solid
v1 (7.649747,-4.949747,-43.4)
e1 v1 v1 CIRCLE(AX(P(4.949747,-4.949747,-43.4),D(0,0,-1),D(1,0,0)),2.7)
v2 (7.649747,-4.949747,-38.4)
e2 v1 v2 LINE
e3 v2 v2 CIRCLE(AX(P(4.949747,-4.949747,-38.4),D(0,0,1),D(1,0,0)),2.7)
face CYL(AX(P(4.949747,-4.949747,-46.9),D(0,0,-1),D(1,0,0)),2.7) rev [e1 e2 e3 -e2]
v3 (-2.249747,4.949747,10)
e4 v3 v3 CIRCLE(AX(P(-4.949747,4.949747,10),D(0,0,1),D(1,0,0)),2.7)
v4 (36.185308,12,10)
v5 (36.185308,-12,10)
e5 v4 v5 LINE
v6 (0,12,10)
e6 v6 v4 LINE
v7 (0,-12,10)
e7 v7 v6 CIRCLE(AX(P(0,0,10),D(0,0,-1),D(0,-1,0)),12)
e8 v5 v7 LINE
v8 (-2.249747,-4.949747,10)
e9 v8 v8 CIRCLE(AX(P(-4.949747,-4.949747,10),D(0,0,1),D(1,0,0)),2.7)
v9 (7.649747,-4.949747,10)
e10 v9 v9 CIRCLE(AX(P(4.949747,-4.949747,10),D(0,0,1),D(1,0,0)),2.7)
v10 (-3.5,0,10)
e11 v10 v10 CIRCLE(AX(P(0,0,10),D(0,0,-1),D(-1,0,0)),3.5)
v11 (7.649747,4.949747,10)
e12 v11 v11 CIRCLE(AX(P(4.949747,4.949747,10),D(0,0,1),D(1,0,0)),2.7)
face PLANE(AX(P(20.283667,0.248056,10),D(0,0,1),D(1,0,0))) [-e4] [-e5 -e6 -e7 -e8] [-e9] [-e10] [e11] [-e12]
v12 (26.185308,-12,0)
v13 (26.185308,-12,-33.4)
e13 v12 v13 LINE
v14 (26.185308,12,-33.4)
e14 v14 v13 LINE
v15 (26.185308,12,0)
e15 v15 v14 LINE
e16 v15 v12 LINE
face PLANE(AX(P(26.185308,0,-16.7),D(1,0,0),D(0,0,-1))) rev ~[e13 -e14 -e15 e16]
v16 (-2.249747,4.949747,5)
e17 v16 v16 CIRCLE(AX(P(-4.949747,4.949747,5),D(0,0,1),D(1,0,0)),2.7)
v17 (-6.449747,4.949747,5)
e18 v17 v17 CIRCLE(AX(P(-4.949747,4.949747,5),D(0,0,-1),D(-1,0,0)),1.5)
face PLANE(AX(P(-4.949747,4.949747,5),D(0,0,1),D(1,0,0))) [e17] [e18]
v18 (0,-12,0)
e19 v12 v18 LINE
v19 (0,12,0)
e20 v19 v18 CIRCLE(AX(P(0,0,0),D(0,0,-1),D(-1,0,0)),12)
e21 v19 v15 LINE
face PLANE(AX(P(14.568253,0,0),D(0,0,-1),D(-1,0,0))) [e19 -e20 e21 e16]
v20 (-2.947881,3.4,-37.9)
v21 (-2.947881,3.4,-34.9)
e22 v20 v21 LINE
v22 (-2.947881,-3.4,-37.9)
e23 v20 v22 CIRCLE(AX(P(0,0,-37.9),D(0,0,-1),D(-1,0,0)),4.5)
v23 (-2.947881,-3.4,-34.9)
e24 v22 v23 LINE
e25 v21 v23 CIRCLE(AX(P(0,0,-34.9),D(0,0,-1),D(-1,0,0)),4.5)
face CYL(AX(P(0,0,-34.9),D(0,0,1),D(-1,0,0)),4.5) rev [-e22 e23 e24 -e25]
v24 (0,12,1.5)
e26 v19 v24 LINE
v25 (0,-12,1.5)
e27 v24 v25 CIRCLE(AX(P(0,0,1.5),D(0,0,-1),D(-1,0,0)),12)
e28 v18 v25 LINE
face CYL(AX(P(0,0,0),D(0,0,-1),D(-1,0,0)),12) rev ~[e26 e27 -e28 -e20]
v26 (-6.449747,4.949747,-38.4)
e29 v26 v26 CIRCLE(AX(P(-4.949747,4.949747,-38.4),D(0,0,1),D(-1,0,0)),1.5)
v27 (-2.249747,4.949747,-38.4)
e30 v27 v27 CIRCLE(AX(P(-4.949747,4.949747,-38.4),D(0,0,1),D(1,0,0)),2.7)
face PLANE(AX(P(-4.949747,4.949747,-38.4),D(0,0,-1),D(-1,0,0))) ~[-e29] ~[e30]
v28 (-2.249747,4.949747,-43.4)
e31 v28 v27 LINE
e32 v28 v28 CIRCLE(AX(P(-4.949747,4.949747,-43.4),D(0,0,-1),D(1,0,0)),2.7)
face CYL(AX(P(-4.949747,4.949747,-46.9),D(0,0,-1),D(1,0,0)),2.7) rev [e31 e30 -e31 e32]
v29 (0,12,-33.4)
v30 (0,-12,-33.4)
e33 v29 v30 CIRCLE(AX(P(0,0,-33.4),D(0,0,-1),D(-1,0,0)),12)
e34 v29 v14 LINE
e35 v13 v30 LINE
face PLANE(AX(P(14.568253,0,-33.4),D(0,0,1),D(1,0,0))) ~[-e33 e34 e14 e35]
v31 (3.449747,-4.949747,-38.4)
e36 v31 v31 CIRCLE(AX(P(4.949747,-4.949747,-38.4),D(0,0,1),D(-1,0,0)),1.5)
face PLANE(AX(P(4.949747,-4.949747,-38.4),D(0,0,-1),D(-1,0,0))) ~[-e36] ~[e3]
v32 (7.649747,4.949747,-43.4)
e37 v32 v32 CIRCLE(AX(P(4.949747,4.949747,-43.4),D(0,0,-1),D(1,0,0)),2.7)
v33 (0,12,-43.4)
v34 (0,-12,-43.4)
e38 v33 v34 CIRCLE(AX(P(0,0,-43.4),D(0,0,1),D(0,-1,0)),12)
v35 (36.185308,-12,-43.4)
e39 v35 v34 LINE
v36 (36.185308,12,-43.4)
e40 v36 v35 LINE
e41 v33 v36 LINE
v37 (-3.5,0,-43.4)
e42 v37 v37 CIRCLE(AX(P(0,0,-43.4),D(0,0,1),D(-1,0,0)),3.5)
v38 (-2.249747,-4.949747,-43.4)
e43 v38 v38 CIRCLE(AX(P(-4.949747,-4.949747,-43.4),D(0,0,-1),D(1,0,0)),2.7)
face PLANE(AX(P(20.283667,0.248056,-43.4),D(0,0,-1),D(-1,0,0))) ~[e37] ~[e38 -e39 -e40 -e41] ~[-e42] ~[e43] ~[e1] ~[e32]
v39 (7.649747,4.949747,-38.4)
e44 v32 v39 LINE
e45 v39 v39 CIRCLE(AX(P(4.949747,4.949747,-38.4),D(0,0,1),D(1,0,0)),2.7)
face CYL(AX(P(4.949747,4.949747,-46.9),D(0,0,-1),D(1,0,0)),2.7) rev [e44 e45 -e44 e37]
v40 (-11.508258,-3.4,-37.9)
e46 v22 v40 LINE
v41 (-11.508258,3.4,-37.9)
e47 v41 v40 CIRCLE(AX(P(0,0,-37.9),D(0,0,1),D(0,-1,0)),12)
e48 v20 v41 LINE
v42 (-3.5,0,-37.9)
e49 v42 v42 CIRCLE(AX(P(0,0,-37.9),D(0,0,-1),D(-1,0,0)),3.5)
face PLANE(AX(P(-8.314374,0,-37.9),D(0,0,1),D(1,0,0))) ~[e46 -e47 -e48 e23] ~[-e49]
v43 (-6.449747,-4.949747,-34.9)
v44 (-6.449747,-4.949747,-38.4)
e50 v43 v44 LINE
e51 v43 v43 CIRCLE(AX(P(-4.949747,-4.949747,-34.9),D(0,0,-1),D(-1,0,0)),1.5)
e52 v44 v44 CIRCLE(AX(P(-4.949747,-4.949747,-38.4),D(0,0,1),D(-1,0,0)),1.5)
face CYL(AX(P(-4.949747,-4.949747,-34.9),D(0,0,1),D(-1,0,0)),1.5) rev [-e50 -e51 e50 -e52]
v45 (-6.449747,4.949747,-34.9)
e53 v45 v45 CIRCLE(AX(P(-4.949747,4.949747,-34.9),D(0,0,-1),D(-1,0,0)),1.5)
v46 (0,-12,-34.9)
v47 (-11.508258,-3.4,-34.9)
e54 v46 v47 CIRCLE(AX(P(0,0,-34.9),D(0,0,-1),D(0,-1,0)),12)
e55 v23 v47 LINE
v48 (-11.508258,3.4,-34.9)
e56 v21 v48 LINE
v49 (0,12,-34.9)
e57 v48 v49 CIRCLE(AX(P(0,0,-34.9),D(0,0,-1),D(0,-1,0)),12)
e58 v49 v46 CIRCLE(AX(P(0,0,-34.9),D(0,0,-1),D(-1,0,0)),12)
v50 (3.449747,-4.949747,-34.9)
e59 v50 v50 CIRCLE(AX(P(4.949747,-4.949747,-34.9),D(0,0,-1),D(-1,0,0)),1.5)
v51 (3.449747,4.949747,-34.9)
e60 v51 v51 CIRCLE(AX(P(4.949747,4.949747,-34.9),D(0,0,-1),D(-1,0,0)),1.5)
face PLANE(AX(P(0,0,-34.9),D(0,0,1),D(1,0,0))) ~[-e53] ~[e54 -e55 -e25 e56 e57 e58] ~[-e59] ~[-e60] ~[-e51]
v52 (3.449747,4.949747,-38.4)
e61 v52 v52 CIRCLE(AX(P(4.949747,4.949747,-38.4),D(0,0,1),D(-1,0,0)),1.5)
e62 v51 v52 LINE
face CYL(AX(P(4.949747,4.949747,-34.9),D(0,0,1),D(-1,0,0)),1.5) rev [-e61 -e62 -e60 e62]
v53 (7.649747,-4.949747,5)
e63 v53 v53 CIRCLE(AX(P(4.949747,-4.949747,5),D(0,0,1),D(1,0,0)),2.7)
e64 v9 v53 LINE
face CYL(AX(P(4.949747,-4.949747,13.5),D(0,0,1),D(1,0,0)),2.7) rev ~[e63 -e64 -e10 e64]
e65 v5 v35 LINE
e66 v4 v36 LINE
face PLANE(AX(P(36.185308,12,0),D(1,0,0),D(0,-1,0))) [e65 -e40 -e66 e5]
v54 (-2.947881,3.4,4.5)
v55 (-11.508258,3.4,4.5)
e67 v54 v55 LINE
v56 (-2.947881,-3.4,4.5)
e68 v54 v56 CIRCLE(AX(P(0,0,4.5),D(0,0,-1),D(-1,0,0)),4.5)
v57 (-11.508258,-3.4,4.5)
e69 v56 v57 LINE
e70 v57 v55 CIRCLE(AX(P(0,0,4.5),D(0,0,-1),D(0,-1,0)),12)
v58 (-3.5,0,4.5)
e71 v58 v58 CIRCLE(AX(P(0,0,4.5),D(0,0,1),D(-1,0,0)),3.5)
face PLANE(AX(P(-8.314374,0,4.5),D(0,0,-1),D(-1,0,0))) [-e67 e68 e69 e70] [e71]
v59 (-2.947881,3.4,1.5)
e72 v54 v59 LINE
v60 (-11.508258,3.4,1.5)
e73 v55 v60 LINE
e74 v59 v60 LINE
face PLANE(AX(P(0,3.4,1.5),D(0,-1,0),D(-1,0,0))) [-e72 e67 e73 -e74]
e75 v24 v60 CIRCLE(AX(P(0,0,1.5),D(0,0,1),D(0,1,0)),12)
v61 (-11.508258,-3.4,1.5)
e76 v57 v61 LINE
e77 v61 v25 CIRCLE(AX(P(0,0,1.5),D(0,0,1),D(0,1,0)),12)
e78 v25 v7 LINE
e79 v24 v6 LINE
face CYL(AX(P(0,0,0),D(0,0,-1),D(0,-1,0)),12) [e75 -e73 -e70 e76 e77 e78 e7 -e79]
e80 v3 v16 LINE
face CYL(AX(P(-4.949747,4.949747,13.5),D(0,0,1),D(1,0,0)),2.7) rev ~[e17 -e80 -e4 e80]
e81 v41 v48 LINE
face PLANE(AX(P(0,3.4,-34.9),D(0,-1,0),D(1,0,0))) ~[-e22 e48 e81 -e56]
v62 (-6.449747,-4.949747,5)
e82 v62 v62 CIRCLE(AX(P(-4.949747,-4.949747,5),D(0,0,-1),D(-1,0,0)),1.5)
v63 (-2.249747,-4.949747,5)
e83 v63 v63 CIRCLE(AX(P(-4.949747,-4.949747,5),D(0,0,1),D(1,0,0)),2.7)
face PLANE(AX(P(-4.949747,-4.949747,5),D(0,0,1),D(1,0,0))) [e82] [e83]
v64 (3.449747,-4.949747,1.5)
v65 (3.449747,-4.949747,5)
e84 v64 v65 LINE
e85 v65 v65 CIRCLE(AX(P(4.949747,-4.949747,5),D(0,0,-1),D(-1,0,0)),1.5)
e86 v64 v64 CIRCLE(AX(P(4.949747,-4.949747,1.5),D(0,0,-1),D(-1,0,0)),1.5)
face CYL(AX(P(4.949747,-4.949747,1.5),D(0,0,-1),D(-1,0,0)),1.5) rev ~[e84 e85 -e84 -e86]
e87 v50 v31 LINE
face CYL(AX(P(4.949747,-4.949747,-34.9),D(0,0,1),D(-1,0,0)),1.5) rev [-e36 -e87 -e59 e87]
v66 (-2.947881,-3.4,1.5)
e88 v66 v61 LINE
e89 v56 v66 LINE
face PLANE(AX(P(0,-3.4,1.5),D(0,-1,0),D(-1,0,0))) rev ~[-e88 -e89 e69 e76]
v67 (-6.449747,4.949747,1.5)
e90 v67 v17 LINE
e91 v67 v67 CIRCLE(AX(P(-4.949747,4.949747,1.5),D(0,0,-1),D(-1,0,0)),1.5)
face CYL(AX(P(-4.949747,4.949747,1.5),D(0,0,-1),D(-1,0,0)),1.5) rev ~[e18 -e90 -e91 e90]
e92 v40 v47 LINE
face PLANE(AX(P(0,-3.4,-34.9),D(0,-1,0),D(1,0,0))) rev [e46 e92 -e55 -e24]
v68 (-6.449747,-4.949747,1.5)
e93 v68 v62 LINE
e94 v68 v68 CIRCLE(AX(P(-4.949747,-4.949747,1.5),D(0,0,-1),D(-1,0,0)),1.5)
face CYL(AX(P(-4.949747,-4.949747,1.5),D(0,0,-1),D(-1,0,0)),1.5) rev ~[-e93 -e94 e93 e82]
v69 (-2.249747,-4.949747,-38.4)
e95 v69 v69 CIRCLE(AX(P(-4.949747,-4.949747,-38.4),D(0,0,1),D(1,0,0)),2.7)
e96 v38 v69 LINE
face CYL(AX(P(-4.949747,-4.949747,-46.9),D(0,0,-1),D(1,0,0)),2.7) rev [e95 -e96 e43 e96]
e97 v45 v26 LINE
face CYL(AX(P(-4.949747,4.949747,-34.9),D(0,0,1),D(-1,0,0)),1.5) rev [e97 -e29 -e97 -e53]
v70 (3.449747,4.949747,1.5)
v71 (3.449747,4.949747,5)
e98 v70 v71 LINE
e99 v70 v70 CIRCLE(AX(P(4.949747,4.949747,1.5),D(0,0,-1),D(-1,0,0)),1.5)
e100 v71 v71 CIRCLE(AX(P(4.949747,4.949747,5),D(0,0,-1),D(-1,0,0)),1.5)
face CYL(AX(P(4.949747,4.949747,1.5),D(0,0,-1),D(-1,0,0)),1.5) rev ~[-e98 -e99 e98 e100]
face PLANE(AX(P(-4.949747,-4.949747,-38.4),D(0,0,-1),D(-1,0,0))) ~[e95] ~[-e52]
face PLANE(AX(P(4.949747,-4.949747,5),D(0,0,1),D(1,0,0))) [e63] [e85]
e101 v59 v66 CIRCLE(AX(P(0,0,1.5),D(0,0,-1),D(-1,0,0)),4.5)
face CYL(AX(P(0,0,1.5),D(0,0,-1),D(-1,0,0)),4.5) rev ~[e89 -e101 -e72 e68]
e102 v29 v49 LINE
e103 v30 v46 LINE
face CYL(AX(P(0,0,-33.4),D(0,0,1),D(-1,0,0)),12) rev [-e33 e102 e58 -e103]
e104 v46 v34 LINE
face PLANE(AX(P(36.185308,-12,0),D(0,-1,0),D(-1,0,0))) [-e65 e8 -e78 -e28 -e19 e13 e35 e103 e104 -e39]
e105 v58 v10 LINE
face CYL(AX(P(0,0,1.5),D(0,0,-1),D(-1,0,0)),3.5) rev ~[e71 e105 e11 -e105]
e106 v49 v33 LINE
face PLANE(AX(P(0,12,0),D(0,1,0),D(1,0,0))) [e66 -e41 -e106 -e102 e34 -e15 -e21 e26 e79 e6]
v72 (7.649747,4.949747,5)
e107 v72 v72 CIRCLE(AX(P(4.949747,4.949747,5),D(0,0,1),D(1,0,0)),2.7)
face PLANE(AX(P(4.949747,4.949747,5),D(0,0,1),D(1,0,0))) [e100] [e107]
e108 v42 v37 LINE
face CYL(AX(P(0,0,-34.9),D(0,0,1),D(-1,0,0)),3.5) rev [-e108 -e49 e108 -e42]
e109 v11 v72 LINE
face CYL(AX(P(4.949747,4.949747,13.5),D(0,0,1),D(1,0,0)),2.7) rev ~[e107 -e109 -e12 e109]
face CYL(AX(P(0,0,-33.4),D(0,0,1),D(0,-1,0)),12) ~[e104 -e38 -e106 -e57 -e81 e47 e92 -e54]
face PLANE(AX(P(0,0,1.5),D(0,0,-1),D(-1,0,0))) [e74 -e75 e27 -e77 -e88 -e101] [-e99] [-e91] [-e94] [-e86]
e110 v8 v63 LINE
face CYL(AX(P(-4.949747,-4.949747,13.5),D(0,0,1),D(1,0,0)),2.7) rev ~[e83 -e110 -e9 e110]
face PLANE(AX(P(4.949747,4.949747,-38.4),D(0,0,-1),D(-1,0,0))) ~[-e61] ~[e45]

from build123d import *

# Parameters (mm, degrees)
EXTRUDE_1_DEPTH      = 13.5
SKETCH_5_R           = 10.1
CUT_EXTRUDE_2_DEPTH  = 1.5
SKETCH_7_R           = 3.5
CUT_EXTRUDE_3_DEPTH  = 37
SKETCH_21_R          = 4.5
CUT_EXTRUDE_12_DEPTH = 3
SKETCH_9_R           = 1.5
CUT_EXTRUDE_4_DEPTH  = 24.5
SKETCH_11_W          = 60.4
SKETCH_11_H          = 24
EXTRUDE_2_DEPTH      = 10
SKETCH_12_R          = 2.7
CUT_EXTRUDE_5_DEPTH  = 8.5
SKETCH_18_R          = 12
CUT_EXTRUDE_9_DEPTH  = 1.5
SKETCH_19_W          = 16.628747166
SKETCH_19_H          = 6.8
CUT_EXTRUDE_10_DEPTH = 3
SKETCH_20_W          = 76.507524202
SKETCH_20_H          = 37.102074034
CUT_EXTRUDE_11_DEPTH = 3.5


with BuildPart() as part:
    # 草图1 → 凸台-拉伸1 (new body)
    with BuildSketch(Plane.XY):
        with BuildLine():
            Line((0, 12), (36.185307738, 12))
            Line((36.185307738, 12), (36.185307738, -12))
            Line((36.185307738, -12), (0, -12))
            ThreePointArc((0, -12), (-12, 0), (0, 12))
        make_face()
    extrude(amount=EXTRUDE_1_DEPTH)

    # 草图5 → 切除-拉伸2 (cut)
    with BuildSketch(Plane(origin=(0, 0, 0), x_dir=(-1, 0, 0), z_dir=(0, 0, -1))):
        Circle(SKETCH_5_R)
    extrude(amount=-CUT_EXTRUDE_2_DEPTH, mode=Mode.SUBTRACT)

    # 草图7 → 切除-拉伸3 (cut)
    with BuildSketch(Plane(origin=(0, 0, 1.5), x_dir=(-1, 0, 0), z_dir=(0, 0, -1))):
        Circle(SKETCH_7_R)
    extrude(amount=-CUT_EXTRUDE_3_DEPTH, mode=Mode.SUBTRACT)

    # 草图21 → 切除-拉伸12 (cut)
    with BuildSketch(Plane(origin=(0, 0, 1.5), x_dir=(-1, 0, 0), z_dir=(0, 0, -1))):
        Circle(SKETCH_21_R)
    extrude(amount=-CUT_EXTRUDE_12_DEPTH, mode=Mode.SUBTRACT)

    # 草图9 → 切除-拉伸4 (cut)
    with BuildSketch(Plane(origin=(0, 0, 1.5), x_dir=(-1, 0, 0), z_dir=(0, 0, -1))):
        with Locations((-4.949747468, 4.949747468)):
            Circle(SKETCH_9_R)
        with Locations((4.949747468, 4.949747468)):
            Circle(SKETCH_9_R)
        with Locations((4.949747468, -4.949747468)):
            Circle(SKETCH_9_R)
        with Locations((-4.949747468, -4.949747468)):
            Circle(SKETCH_9_R)
    extrude(amount=-CUT_EXTRUDE_4_DEPTH, mode=Mode.SUBTRACT)


with BuildPart() as body_2:
    # 镜向14: mirrored copy
    add(part.part.mirror(Plane(origin=(0, 0, -16.7), x_dir=(1, 0, 0), z_dir=(0, 0, -1))))


with BuildPart() as part_1:
    add(part.part)

    add(body_2.part)  # 凸台-拉伸2 merges body 2
    # 草图11 → 凸台-拉伸2 (add)
    with BuildSketch(Plane(origin=(36.185307738, 0, 0), x_dir=(0, 0, -1), z_dir=(1, 0, 0))):
        with Locations((16.7, 0)):
            Rectangle(SKETCH_11_W, SKETCH_11_H)
    extrude(amount=-EXTRUDE_2_DEPTH)

    # 草图12 → 切除-拉伸5 (cut)
    with BuildSketch(Plane.XY.offset(13.5)):
        with Locations((4.949747468, 4.949747468)):
            Circle(SKETCH_12_R)
        with Locations((4.949747468, -4.949747468)):
            Circle(SKETCH_12_R)
        with Locations((-4.949747468, -4.949747468)):
            Circle(SKETCH_12_R)
        with Locations((-4.949747468, 4.949747468)):
            Circle(SKETCH_12_R)
    cut_extrude_5 = extrude(amount=-CUT_EXTRUDE_5_DEPTH, mode=Mode.SUBTRACT)

    # 草图18 → 切除-拉伸9 (cut)
    with BuildSketch(Plane(origin=(0, 0, 0), x_dir=(-1, 0, 0), z_dir=(0, 0, -1))):
        Circle(SKETCH_18_R)
    cut_extrude_9 = extrude(amount=-CUT_EXTRUDE_9_DEPTH, mode=Mode.SUBTRACT)

    # 草图19 → 切除-拉伸10 (cut)
    with BuildSketch(Plane(origin=(0, 0, 1.5), x_dir=(-1, 0, 0), z_dir=(0, 0, -1))):
        with Locations((8.314373583, 0)):
            Rectangle(SKETCH_19_W, SKETCH_19_H)
    cut_extrude_10 = extrude(amount=-CUT_EXTRUDE_10_DEPTH, mode=Mode.SUBTRACT)

    # 草图20 → 切除-拉伸11 (cut)
    with BuildSketch(Plane.XY.offset(13.5)):
        with Locations((20.283666709, 0.248055891)):
            Rectangle(SKETCH_20_W, SKETCH_20_H)
    cut_extrude_11 = extrude(amount=-CUT_EXTRUDE_11_DEPTH, mode=Mode.SUBTRACT)

    # 镜向24: 切除-拉伸5, 切除-拉伸9, 切除-拉伸10 across plane
    add(cut_extrude_5.mirror(Plane(origin=(0, 0, -16.7), x_dir=(1, 0, 0), z_dir=(0, 0, -1))), mode=Mode.SUBTRACT)
    add(cut_extrude_9.mirror(Plane(origin=(0, 0, -16.7), x_dir=(1, 0, 0), z_dir=(0, 0, -1))), mode=Mode.SUBTRACT)
    add(cut_extrude_10.mirror(Plane(origin=(0, 0, -16.7), x_dir=(1, 0, 0), z_dir=(0, 0, -1))), mode=Mode.SUBTRACT)

    # 镜向26: 切除-拉伸11 across plane
    add(cut_extrude_11.mirror(Plane(origin=(0, 0, -16.7), x_dir=(1, 0, 0), z_dir=(0, 0, -1))), mode=Mode.SUBTRACT)


solid = part_1.part
